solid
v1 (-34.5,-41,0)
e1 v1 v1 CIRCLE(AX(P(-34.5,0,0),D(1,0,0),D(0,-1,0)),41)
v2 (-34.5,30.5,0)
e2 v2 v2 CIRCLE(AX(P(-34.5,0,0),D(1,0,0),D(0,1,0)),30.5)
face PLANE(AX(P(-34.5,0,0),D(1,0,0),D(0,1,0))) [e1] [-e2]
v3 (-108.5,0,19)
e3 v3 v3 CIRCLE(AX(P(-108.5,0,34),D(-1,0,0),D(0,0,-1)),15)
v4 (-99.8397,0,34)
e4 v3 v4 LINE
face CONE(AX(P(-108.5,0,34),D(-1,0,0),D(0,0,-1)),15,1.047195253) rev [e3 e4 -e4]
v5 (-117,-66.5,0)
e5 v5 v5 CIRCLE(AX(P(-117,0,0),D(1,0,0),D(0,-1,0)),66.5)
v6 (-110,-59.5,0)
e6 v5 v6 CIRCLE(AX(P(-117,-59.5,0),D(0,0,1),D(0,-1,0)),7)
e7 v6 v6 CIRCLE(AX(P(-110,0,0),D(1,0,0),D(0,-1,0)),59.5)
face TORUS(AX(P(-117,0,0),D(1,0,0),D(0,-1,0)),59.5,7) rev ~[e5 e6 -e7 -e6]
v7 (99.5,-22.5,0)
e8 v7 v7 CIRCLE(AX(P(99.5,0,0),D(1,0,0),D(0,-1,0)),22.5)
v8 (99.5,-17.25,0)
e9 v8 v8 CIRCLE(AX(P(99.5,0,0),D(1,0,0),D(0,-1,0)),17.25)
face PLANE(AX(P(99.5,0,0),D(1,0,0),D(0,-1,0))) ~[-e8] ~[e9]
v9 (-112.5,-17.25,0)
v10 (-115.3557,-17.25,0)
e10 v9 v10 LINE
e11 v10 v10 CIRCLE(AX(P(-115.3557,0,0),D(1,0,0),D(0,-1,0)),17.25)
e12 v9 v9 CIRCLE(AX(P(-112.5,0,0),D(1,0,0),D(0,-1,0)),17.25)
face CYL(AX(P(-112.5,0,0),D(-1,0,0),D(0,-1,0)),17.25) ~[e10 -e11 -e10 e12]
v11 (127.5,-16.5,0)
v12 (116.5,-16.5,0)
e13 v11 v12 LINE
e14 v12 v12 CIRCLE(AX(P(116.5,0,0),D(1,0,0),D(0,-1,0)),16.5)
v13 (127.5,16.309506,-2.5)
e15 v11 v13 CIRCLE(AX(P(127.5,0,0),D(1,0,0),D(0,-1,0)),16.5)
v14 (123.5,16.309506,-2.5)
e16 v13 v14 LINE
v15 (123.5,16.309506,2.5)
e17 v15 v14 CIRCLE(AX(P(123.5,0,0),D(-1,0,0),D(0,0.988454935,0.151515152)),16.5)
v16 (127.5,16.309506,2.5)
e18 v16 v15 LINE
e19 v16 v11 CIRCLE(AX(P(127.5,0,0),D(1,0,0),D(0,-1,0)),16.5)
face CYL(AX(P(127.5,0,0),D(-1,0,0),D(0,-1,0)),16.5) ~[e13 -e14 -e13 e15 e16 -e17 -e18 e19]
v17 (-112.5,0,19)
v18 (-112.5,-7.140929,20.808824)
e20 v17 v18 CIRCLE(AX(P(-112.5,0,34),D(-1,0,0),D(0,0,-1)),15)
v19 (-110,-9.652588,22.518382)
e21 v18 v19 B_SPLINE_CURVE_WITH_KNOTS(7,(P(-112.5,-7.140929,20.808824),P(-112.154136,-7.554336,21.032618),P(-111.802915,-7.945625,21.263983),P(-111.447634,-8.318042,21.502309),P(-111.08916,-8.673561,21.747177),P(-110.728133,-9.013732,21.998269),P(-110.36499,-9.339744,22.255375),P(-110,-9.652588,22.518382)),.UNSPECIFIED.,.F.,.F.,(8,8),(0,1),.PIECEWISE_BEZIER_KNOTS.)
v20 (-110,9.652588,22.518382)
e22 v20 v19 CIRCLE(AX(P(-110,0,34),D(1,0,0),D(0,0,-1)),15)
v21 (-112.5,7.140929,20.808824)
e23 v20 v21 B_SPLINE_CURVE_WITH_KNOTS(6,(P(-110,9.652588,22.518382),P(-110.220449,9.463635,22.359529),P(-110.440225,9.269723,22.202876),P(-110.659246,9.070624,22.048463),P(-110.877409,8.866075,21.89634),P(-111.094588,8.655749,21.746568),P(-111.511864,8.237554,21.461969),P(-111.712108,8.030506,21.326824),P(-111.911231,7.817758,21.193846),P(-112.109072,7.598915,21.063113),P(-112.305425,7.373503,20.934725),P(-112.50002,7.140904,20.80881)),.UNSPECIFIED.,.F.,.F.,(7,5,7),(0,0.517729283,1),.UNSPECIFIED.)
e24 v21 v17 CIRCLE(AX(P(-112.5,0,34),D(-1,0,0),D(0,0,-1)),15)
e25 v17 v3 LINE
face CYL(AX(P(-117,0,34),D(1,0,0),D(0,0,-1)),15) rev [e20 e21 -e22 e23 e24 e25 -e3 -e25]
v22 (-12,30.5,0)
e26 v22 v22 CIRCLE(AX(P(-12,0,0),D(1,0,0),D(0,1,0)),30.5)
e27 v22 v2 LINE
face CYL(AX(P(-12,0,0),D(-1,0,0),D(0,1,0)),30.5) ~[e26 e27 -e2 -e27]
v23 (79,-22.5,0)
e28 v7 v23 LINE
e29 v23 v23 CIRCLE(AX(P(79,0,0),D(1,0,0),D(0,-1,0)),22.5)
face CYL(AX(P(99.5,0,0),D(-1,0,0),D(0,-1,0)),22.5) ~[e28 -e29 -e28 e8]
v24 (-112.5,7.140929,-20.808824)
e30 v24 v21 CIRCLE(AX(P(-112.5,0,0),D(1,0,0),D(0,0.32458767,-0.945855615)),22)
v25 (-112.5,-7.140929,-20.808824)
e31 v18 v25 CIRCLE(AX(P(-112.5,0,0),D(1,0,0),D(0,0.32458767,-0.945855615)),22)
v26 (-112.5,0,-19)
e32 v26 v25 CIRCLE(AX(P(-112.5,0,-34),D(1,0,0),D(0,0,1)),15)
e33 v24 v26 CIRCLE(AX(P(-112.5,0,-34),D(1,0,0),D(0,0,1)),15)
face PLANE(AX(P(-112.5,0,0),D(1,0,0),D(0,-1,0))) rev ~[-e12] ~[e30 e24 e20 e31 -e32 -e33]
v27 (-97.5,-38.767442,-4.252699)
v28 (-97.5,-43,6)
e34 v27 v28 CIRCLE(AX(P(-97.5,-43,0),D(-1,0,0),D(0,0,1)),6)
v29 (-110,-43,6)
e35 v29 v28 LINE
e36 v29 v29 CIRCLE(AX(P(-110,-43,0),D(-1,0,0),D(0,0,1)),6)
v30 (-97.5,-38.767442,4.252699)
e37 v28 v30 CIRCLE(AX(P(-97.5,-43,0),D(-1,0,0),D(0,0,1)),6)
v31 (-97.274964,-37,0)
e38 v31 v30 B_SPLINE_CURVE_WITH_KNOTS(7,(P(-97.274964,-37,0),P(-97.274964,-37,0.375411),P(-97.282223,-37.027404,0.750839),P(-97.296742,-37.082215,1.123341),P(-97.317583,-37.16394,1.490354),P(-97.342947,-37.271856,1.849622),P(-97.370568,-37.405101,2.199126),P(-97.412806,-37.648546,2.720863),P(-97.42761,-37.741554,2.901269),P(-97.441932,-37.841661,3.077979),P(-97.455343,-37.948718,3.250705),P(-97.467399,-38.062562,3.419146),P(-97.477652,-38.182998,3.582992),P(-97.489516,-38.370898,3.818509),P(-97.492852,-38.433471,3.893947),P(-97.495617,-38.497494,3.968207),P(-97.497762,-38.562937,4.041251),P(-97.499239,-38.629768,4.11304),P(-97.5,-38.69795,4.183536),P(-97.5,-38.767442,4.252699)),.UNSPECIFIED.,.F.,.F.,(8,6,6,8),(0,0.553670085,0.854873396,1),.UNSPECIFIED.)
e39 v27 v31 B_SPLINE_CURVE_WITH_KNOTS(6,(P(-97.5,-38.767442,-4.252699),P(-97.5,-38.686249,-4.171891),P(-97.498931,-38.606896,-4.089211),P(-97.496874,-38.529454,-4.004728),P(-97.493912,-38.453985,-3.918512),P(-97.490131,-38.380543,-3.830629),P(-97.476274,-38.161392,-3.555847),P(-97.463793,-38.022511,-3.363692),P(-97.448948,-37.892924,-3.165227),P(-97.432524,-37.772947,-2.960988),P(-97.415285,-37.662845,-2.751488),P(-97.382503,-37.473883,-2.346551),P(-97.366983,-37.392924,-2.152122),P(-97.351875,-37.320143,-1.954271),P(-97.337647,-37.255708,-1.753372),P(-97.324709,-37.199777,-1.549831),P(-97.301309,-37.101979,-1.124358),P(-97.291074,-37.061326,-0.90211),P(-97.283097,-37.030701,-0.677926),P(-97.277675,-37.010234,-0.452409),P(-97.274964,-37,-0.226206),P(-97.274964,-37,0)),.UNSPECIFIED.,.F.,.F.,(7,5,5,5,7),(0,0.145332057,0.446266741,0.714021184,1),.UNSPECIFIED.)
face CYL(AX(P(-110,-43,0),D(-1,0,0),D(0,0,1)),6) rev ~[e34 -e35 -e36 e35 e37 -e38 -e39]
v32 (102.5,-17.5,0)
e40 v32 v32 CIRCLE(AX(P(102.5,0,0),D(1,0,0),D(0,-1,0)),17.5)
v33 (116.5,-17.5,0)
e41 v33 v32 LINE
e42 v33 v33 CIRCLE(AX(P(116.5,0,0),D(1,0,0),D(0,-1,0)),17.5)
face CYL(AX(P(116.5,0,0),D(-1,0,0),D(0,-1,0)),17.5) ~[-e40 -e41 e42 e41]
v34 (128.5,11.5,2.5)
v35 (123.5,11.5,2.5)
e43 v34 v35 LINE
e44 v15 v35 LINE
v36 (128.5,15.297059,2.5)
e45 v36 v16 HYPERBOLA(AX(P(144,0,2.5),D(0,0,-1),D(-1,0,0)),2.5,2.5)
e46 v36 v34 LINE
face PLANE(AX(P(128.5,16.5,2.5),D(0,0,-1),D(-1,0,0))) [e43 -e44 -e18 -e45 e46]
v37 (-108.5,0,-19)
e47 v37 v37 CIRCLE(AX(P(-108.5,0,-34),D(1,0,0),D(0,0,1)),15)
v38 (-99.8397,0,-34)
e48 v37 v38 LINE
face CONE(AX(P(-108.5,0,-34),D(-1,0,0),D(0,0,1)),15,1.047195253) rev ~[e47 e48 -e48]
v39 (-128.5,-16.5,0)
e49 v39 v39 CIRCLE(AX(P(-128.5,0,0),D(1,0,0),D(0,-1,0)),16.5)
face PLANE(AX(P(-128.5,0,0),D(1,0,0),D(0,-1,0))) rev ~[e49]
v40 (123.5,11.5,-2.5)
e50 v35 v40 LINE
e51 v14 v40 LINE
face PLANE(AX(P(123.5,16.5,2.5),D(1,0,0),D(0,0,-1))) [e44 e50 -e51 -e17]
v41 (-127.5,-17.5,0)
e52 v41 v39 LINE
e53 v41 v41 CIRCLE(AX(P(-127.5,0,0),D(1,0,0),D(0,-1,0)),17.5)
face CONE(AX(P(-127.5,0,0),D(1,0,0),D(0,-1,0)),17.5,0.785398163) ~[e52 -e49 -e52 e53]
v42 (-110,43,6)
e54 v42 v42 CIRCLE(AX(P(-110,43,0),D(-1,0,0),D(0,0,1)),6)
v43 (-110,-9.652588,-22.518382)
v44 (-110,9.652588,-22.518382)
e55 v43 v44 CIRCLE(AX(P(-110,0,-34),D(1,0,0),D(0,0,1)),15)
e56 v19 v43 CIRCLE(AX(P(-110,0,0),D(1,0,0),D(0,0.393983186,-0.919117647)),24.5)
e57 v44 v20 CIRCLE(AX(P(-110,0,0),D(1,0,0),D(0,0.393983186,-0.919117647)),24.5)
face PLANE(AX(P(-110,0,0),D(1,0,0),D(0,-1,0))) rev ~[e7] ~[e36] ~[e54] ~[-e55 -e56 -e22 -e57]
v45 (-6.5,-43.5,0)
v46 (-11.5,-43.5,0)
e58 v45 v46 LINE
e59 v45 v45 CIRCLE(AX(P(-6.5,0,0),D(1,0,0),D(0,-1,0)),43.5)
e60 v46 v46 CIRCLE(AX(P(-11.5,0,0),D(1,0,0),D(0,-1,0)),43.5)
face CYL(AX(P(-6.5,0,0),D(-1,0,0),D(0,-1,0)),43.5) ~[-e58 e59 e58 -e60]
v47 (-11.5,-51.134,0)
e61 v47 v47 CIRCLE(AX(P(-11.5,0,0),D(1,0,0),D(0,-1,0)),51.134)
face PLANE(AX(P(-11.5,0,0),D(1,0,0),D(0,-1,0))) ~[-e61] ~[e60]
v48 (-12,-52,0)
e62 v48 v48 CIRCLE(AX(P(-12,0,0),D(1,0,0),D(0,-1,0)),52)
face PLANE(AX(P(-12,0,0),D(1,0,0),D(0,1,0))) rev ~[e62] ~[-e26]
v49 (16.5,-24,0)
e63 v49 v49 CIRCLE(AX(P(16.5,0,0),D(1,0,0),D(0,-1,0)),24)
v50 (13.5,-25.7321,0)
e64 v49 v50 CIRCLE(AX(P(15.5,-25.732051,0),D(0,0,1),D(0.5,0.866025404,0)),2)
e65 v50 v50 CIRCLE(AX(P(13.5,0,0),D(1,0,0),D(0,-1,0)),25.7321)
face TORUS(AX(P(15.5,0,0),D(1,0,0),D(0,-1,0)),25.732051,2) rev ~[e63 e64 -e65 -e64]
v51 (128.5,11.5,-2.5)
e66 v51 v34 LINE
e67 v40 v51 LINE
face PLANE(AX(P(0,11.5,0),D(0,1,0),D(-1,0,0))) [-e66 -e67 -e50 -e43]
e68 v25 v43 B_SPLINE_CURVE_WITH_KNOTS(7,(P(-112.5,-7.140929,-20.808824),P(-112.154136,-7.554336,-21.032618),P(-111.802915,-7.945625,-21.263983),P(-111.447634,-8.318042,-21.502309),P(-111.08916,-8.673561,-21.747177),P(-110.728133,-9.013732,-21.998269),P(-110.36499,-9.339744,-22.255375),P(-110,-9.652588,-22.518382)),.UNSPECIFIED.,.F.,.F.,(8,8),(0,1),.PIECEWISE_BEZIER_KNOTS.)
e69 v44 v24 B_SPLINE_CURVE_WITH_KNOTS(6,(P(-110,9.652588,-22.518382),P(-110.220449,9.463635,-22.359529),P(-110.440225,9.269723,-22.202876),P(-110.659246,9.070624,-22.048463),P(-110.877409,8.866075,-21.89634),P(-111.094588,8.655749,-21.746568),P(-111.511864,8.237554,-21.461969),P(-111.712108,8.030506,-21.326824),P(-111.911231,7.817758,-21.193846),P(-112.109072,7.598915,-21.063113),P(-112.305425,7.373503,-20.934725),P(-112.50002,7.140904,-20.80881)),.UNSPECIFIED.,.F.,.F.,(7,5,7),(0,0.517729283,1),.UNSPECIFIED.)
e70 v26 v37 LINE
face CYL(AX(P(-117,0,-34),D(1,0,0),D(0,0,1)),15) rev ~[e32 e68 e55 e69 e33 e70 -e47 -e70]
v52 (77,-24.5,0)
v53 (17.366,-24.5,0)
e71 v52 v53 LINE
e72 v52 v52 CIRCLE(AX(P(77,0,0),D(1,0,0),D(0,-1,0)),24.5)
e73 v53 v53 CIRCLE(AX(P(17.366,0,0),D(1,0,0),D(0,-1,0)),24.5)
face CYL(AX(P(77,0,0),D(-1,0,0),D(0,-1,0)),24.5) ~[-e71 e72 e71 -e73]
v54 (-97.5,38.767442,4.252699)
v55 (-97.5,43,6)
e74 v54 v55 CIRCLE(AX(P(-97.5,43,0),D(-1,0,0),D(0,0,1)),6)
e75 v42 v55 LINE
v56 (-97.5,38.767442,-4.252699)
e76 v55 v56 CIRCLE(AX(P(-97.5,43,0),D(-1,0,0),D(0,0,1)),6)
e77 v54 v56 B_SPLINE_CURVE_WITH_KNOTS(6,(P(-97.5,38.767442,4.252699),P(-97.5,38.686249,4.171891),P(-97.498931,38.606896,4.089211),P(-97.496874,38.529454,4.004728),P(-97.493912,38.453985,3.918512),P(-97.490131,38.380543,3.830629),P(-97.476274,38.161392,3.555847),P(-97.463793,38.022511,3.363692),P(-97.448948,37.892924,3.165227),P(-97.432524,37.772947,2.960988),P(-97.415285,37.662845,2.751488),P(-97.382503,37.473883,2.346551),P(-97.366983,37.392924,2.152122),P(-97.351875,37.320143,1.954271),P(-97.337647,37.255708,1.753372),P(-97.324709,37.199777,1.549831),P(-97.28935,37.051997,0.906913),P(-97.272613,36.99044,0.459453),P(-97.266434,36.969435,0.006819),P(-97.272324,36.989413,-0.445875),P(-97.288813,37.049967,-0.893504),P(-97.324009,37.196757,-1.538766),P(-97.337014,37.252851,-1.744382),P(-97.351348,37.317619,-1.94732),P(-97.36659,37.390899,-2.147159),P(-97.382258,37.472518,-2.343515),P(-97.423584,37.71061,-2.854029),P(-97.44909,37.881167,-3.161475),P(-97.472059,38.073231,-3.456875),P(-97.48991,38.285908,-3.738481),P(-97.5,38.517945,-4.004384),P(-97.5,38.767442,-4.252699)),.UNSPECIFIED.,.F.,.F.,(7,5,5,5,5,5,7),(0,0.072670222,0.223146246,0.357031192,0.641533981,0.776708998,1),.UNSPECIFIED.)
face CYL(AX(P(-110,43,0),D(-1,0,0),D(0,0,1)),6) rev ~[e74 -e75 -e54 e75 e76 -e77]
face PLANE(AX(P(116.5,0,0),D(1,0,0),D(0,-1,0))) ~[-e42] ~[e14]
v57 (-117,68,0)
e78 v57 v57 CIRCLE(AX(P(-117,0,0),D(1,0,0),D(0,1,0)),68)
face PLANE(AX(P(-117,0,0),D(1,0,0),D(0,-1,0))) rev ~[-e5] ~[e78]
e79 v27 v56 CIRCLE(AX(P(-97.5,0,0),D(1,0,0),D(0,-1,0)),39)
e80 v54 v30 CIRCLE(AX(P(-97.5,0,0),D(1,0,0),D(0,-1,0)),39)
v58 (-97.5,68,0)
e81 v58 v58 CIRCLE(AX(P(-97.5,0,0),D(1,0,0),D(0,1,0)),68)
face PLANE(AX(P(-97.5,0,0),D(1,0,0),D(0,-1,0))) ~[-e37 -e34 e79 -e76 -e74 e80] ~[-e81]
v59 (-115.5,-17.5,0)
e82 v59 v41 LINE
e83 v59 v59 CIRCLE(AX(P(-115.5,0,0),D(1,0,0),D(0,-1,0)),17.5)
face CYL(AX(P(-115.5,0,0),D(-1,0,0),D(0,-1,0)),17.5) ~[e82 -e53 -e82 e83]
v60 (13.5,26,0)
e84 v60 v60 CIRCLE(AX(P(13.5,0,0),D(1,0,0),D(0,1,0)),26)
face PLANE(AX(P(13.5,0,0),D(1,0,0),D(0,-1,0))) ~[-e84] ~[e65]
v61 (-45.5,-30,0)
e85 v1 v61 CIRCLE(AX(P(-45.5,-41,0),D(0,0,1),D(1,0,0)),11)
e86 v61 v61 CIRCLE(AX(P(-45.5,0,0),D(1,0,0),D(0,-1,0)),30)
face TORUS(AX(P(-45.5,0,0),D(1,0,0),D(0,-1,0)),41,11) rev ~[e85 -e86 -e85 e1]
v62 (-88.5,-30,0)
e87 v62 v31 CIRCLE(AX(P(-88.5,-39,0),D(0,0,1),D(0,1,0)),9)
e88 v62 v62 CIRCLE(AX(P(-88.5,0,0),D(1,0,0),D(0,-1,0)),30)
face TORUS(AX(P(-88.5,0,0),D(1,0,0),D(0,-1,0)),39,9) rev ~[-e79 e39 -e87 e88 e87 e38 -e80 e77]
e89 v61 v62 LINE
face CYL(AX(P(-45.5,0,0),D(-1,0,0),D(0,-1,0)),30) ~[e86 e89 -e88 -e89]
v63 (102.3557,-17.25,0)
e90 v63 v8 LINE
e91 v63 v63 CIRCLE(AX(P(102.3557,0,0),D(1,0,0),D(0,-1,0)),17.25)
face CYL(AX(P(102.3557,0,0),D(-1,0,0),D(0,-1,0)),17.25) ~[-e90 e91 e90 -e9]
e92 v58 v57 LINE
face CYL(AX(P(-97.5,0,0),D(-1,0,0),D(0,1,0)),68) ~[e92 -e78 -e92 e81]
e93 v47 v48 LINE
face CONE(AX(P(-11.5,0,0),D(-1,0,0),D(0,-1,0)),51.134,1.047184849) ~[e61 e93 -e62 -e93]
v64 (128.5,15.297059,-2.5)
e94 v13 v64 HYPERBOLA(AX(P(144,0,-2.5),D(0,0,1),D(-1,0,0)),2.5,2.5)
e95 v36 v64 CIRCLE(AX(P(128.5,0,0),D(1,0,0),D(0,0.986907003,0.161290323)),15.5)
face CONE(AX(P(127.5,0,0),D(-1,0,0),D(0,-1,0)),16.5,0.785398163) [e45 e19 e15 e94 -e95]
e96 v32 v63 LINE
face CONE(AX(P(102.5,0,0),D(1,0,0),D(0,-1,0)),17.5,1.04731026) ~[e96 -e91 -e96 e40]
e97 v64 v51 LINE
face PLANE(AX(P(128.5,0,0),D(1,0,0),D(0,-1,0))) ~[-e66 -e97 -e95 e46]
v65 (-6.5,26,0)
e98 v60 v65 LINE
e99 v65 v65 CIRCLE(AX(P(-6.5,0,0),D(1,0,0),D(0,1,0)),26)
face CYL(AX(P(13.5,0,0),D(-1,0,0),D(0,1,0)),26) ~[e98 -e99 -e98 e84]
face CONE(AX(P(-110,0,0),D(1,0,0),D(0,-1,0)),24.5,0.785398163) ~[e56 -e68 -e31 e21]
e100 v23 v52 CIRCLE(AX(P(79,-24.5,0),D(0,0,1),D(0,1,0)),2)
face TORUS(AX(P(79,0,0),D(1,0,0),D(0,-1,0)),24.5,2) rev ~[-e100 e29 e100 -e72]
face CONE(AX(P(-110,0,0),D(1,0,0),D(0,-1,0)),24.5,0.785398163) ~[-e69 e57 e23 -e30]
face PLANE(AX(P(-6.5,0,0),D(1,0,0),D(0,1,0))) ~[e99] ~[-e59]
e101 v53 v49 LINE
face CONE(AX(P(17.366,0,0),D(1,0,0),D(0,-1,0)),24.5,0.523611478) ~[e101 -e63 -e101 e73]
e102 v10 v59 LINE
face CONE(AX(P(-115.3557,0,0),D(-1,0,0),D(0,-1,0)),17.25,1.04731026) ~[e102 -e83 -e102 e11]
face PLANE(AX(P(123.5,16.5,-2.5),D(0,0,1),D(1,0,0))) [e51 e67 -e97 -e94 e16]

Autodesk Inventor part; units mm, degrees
ref_plane "YZ Plane" through (0, 0, 0) normal (1, 0, 0) x (0, 1, 0)
ref_plane "XY Plane" through (0, 0, 0) normal (0, 0, 1) x (1, 0, 0)
sketch "Эскиз1" plane through (0, 0, 0) normal (0, 0, 1) x (1, 0, 0)
  line L0 (-128.5, 0) -> (128.5, 0)
  line L1 (128.5, 0) -> (128.5, -15.5)
  line L2 (127.5, -16.5) -> (116.5, -16.5)
  line L3 (127.5, -16.5) -> (128.5, -15.5)
  line L4 (116.5, -16.5) -> (116.5, -17.5)
  line L5 (116.5, -17.5) -> (102.5, -17.5)
  line L6 (102.3557, -17.25) -> (99.5, -17.25)
  line L7 (102.5, -17.5) -> (102.3557, -17.25)
  line L8 (102.3557, -17.25) -> (102.3557, 0) construction
  line L9 (99.5, -17.25) -> (99.5, -22.5)
  line L10 (99.5, -22.5) -> (79, -22.5)
  line L11 (77, -24.5) -> (17.366, -24.5)
  arc A0 (79, -22.5) -> (77, -24.5) centre (79, -24.5) ccw
  line L12 (17.366, -24.5) -> (16.5, -24)
  arc A1 (16.5, -24) -> (13.5, -25.7321) centre (15.5, -25.7321) ccw
  line L13 (13.5, -25.7321) -> (13.5, -52.283)
  line L14 (13.5, -52.283) -> (-6.5, -52.283)
  line L15 (-6.5, -52.283) -> (-6.5, -43.5)
  line L16 (-6.5, -43.5) -> (-11.5, -43.5)
  line L17 (-11.5, -43.5) -> (-11.5, -51.134)
  line L18 (-11.5, -51.134) -> (-12, -52)
  line L19 (-12, -52) -> (-12, -68.35)
  line L20 (-12, -68.35) -> (-34.5, -68.35)
  line L21 (-34.5, -68.35) -> (-34.5, -41)
  line L22 (-45.5, -30) -> (-88.5, -30)
  arc A2 (-34.5, -41) -> (-45.5, -30) centre (-45.5, -41) ccw
  line L23 (-97.5, -39) -> (-97.5, -81.1)
  arc A3 (-88.5, -30) -> (-97.5, -39) centre (-88.5, -39) ccw
  line L24 (-97.5, -81.1) -> (-117, -81.1)
  line L25 (-117, -81.1) -> (-117, -66.5)
  line L26 (-117, -66.5) -> (-117, -66.5)
  line L27 (-110, -59.5) -> (-110, -24.5)
  arc A4 (-117, -66.5) -> (-110, -59.5) centre (-117, -59.5) ccw
  line L28 (-110, -24.5) -> (-112.5, -22)
  line L29 (-112.5, -22) -> (-112.5, -17.25)
  line L30 (-112.5, -17.25) -> (-115.3557, -17.25)
  line L31 (-115.3557, -17.25) -> (-115.5, -17.5)
  line L32 (-115.5, -17.5) -> (-127.5, -17.5)
  line L33 (-128.5, -16.5) -> (-128.5, 0)
  line L34 (-127.5, -17.5) -> (-128.5, -16.5)
  point P0 (0, 0)
  point P1 (0, 0)
  point P2 (128.5, -16.5)
  point P3 (-128.5, -17.5)
  dimension "d0" = 257
  dimension "d1" = 33
  dimension "d2" = 1
  dimension "d3" = 45
  dimension "d4" = 35
  dimension "d5" = 34.5
  dimension "d6" = 30
  dimension "d7" = 3
  dimension "d8" = 17
  dimension "d9" = 29
  dimension "d10" = 45
  dimension "d11" = 2
  dimension "d12" = 49
  dimension "d14" = 22.5
  dimension "d15" = 2
  dimension "d16" = 0.5
  dimension "d17" = 30
  dimension "d18" = 86
  dimension "d19" = 104.566
  dimension "d20" = 20
  dimension "d21" = 87
  dimension "d22" = 5
  dimension "d23" = 11
  dimension "d24" = 136.7
  dimension "d25" = 0.5
  dimension "d26" = 30
  dimension "d27" = 104
  dimension "d28" = 22.5
  dimension "d29" = 60
  dimension "d30" = 9
  dimension "d31" = 162.2
  dimension "d32" = 19.5
  dimension "d33" = 7
  dimension "d36" = 7
  dimension "d37" = 133
  dimension "d38" = 44
  dimension "d39" = 35
  dimension "d40" = 212
  dimension "d41" = 216.5
  dimension "d42" = 30
  dimension "d43" = 34.5
  dimension "d44" = 3
  dimension "d45" = 45
  dimension "d46" = 1
  dimension "d47" = 45
revolve "Вращение1" add sketch "Эскиз1" angle 360 about axis through (-128.5, 0, 0) along (1, 0, 0)
ref_plane "РабПлоскость1" through (0, 16.5, 0) normal (0, 1, 0) x (-1, 0, 0)
sketch "Эскиз2" plane through (0, 16.5, 0) normal (0, 1, 0) x (-1, 0, 0)
  line L0 (-128.5, -15.5) -> (-128.5, 15.5) projected
  line L1 (-123.5, -2.5) -> (-128.5, -2.5)
  line L2 (-128.5, -2.5) -> (-128.5, 2.5)
  line L3 (-128.5, 2.5) -> (-123.5, 2.5)
  line L4 (-123.5, 2.5) -> (-123.5, -2.5)
  point P0 (0, 0)
  point P1 (-123.5, 0)
  point P2 (-128.5, 0)
  point P3 (-128.5, 2.5)
  dimension "d50" = 5
thread "Резьба1" size "M33x1" class "6g" standard "ISO Metric profile" length 9
extrude "Выдавливание1" cut sketch "Эскиз2" against normal blind 5
sketch "Эскиз3" plane through (-110, 0, 0) normal (-1, 0, 0) x (0, 0, 1)
  circle A0 centre (0, 0) radius 43 construction
  circle A1 centre (0, 43) radius 6
  circle A2 centre (0, -43) radius 6
  dimension "d55" = 86
  dimension "d56" = 12
extrude "Выдавливание2" cut sketch "Эскиз3" against normal blind 34
sketch "Эскиз4" plane through (0, 0, 0) normal (0, 1, 0) x (-1, 0, 0)
  line L0 (117, -34) -> (117, 34) construction
  line L1 (112.5, -22) -> (112.5, 22) projected
  line L2 (117, -34) -> (117, -19)
  line L3 (117, -19) -> (108.5, -19)
  line L4 (108.5, -19) -> (99.8397, -34)
  line L5 (117, -66.5) -> (117, 66.5) projected
  line L6 (117, -34) -> (99.8397, -34)
  line L7 (97.5, -81.1) -> (97.5, 81.1) projected
  point P0 (0, 0)
  point P1 (117, 0)
  dimension "d59" = 68
  dimension "d64" = 4
  dimension "d65" = 30
  dimension "d66" = 60
revolve "Вращение2" cut sketch "Эскиз4" angle 360 about axis through (-117, 0, -34) along (1, 0, 0)
mirror "Зеркальное отражение1" about plane through (0, 0, 0) normal (0, 0, 1) of "Вращение2"
sketch "Эскиз5" plane through (0, 0, 0) normal (0, 0, 1) x (1, 0, 0)
  line L0 (-128.5, 16.5) -> (-128.5, -16.5) projected
  line L1 (-128.5, 0) -> (0, 0)
  line L2 (-117, 81.1) -> (-117, -81.1) projected
  line L3 (-97.5, 81.1) -> (-97.5, -81.1) projected
  line L4 (-117, 81.1) -> (-97.5, 81.1)
  line L5 (-97.5, 81.1) -> (-97.5, 68)
  line L6 (-97.5, 68) -> (-117, 68)
  line L7 (-117, 68) -> (-117, 81.1)
  dimension "d68" = 136
revolve "Вращение3" cut sketch "Эскиз5" angle 360 about axis through (-128.5, 0, 0) along (1, 0, 0) contours L2 L4 L3 L6
sketch "Эскиз6" plane through (0, 0, 0) normal (0, 0, 1) x (1, 0, 0)
  line L0 (-128.5, 16.5) -> (-128.5, -16.5) projected
  line L1 (-128.5, 0) -> (0, 0)
  line L2 (-34.5, 68.35) -> (-34.5, -68.35) projected
  line L3 (-12, 68.35) -> (-12, -68.35) projected
  line L4 (-34.5, 68.35) -> (-12, 68.35)
  line L5 (-12, 68.35) -> (-12, 30.5)
  line L6 (-12, 30.5) -> (-34.5, 30.5)
  line L7 (-34.5, 30.5) -> (-34.5, 68.35)
  dimension "d70" = 61
revolve "Вращение4" cut sketch "Эскиз6" angle 360 about axis through (-128.5, 0, 0) along (1, 0, 0) contours L2 L4 L3 L6
sketch "Эскиз7" plane through (0, 0, 0) normal (0, 0, 1) x (1, 0, 0)
  line L0 (-12, 52) -> (-12, -52) projected
  line L1 (13.5, 52.283) -> (13.5, -52.283) projected
  line L2 (-11.5, 51.134) -> (-11.5, -51.134) projected
  line L3 (-11.5, 0) -> (13.5, 0)
  line L4 (13.5, 52.283) -> (-6.5, 52.283) projected
  line L5 (-6.5, 52.283) -> (13.5, 52.283)
  line L6 (13.5, 52.283) -> (13.5, 26)
  line L7 (13.5, 26) -> (-6.5, 26)
  line L8 (-6.5, 26) -> (-6.5, 52.283)
  point P0 (0, 0)
  dimension "d72" = 52
revolve "Вращение5" cut sketch "Эскиз7" angle 360 about axis through (-11.5, 0, 0) along (1, 0, 0)
properties part number "69. Блок шестерен промежуточного вала"
